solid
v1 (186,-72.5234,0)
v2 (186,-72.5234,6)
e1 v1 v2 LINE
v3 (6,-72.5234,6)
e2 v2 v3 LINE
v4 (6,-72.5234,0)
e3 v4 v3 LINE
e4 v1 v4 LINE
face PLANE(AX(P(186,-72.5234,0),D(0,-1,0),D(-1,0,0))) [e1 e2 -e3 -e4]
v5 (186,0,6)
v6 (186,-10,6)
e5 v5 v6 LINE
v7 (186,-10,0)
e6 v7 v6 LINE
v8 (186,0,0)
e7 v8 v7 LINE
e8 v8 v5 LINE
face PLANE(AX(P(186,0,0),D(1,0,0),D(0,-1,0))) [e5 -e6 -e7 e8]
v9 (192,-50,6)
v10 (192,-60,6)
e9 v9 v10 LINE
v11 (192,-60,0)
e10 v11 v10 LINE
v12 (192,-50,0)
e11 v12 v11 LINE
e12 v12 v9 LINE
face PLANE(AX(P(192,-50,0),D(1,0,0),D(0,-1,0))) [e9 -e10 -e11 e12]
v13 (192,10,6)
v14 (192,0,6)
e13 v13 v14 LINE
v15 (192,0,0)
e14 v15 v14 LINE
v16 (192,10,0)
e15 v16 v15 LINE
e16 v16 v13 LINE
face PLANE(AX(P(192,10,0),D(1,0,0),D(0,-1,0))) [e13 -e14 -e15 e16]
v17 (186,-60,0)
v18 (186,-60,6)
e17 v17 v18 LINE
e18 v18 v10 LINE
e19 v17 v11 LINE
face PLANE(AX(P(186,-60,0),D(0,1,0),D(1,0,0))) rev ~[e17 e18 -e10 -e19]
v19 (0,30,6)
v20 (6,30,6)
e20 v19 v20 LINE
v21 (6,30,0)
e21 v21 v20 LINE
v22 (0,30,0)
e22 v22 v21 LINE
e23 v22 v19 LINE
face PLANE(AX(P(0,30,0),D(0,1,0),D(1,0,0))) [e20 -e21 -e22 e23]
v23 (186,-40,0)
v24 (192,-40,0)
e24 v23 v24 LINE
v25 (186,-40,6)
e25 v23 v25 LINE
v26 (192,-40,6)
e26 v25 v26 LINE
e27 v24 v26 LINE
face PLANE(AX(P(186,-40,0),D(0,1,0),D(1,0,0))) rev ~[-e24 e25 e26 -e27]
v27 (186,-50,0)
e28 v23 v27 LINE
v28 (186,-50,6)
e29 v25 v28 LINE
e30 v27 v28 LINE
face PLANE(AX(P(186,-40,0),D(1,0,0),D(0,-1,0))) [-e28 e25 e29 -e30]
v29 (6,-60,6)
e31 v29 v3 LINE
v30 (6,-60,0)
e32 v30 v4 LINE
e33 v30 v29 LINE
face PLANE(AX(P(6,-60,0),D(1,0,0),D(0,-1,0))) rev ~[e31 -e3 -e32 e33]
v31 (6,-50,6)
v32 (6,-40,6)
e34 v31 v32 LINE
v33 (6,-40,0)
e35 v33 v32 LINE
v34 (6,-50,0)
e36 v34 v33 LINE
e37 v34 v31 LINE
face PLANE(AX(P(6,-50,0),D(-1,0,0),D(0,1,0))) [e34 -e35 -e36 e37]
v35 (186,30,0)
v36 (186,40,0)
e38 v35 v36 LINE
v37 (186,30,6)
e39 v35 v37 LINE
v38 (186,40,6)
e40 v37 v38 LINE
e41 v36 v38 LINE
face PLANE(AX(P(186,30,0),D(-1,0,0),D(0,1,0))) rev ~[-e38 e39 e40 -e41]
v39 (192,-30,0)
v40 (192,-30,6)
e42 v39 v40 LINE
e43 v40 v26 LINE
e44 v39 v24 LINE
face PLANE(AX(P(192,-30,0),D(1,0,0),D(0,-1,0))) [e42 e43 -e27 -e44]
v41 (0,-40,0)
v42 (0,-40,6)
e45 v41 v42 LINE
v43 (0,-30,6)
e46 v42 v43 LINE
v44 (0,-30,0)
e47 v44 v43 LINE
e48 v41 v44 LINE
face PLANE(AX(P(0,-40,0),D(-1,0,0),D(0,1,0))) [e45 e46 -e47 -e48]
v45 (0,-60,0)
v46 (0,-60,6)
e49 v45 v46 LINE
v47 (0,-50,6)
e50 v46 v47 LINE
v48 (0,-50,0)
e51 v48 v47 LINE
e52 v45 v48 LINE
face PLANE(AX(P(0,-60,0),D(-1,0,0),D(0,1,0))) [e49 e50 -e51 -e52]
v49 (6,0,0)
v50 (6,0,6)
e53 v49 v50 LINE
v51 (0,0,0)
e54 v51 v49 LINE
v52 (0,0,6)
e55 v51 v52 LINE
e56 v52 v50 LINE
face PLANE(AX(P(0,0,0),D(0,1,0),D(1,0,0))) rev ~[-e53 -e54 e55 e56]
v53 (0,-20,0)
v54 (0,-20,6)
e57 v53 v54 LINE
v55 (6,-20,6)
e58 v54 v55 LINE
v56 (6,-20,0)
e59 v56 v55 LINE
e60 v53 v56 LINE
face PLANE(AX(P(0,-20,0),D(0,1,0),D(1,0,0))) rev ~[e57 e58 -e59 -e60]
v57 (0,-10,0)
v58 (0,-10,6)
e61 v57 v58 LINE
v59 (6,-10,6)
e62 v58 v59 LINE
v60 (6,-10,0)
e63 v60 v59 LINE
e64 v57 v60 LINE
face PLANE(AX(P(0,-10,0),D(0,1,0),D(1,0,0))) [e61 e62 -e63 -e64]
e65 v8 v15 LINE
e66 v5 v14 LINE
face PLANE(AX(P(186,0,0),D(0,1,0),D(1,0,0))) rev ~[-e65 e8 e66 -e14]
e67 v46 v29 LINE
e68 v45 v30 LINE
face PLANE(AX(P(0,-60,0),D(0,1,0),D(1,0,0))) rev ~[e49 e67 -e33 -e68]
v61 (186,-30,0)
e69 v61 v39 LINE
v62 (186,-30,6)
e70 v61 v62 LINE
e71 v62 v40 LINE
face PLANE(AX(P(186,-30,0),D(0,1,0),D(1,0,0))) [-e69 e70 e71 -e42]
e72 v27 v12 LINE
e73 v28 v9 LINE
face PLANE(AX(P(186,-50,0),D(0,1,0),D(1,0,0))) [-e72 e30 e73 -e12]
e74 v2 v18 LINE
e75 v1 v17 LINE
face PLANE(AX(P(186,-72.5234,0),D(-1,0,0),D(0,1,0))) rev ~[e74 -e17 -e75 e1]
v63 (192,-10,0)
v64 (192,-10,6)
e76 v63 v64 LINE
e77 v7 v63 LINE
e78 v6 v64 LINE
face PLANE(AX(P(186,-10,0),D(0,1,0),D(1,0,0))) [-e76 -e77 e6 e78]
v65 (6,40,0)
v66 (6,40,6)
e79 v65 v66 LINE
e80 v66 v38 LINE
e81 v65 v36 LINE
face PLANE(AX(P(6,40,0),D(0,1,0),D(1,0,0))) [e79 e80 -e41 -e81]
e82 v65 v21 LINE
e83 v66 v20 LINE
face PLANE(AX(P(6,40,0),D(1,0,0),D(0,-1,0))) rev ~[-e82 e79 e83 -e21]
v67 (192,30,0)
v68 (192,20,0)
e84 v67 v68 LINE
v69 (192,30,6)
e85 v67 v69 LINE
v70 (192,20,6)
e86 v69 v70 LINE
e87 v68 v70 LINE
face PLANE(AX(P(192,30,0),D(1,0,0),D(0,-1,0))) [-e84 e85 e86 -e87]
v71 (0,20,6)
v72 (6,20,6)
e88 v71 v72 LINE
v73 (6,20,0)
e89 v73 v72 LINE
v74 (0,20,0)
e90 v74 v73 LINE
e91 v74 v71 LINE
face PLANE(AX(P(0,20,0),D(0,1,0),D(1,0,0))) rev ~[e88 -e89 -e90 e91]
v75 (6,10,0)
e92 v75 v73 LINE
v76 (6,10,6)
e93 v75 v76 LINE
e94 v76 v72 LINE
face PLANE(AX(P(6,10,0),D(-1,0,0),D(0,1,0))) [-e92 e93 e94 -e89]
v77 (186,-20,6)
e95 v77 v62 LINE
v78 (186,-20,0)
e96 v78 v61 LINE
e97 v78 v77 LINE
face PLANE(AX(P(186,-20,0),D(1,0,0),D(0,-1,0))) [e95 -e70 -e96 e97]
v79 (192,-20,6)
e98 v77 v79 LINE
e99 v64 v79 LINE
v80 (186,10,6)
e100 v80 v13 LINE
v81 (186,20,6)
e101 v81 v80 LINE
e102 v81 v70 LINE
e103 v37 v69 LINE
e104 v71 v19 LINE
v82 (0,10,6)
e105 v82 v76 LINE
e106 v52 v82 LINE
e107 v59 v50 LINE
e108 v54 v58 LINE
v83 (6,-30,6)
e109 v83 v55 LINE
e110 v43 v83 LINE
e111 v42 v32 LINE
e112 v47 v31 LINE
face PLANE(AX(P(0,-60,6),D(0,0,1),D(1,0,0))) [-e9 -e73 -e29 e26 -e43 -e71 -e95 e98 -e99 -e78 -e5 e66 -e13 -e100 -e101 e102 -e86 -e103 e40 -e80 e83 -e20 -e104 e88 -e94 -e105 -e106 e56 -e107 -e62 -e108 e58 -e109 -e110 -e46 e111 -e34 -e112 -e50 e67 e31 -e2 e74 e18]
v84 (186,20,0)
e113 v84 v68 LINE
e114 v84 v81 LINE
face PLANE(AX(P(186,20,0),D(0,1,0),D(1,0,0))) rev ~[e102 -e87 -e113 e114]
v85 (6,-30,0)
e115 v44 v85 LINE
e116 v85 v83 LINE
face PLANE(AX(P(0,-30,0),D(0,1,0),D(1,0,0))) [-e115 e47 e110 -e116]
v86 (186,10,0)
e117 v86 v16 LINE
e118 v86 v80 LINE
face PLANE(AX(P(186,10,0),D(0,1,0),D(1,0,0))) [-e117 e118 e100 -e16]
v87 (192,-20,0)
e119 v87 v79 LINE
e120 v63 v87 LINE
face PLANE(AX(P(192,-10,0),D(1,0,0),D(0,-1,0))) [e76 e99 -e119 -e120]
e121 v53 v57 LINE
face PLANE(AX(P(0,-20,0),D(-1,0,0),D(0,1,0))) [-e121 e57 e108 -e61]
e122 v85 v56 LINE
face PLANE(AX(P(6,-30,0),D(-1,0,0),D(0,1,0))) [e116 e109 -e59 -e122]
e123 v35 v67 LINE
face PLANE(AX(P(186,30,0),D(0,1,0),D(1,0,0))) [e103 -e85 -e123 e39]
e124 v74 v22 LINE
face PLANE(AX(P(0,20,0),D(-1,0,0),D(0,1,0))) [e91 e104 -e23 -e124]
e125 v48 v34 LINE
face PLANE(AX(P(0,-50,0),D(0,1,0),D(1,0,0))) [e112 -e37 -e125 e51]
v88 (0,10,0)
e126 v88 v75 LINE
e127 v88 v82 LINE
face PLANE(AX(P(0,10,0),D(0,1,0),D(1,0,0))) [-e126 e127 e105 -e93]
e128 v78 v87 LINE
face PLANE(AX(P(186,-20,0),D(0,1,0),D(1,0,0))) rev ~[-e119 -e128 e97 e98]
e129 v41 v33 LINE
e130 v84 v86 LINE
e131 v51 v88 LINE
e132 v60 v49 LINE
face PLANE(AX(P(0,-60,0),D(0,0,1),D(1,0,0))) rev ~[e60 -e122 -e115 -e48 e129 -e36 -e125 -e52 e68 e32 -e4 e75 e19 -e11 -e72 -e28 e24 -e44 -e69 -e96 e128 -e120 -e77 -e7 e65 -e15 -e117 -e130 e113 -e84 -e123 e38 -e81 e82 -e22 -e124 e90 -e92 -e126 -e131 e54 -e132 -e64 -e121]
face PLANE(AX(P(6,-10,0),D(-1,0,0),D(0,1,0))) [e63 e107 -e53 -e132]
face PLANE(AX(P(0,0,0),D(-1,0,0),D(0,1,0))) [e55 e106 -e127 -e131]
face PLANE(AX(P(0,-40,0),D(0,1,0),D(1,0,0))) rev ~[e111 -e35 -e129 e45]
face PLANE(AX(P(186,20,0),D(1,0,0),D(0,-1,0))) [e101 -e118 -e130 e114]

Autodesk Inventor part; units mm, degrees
ref_plane "YZ Plane" through (0, 0, 0) normal (1, 0, 0) x (0, 1, 0)
ref_plane "XZ Plane" through (0, 0, 0) normal (0, 1, 0) x (-1, 0, 0)
ref_plane "XY Plane" through (0, 0, 0) normal (0, 0, 1) x (1, 0, 0)
ref_plane "РабПлоскость1" through (0, -60, 0) normal (0, 0, 1) x (1, 0, 0)
sketch "Эскиз1" plane through (0, -60, 0) normal (0, 0, 1) x (1, 0, 0)
  line L0 (186, 0) -> (186, 10) projected
  line L1 (186, 0) -> (186, 10) projected
  line L2 (186, 0) -> (192, 0) projected
  line L3 (192, 10) -> (192, 0) projected
  line L4 (186, 10) -> (192, 10) projected
  line L5 (186, 20) -> (186, 30) projected
  line L6 (186, 20) -> (192, 20) projected
  line L7 (192, 30) -> (192, 20) projected
  line L8 (186, 30) -> (192, 30) projected
  line L9 (186, 40) -> (186, 50) projected
  line L10 (186, 40) -> (192, 40) projected
  line L11 (192, 50) -> (192, 40) projected
  line L12 (186, 50) -> (192, 50) projected
  line L13 (186, 60) -> (186, 70) projected
  line L14 (186, 60) -> (192, 60) projected
  line L15 (192, 70) -> (192, 60) projected
  line L16 (186, 70) -> (192, 70) projected
  line L17 (186, 80) -> (186, 90) projected
  line L18 (186, 80) -> (192, 80) projected
  line L19 (192, 90) -> (192, 80) projected
  line L20 (186, 90) -> (192, 90) projected
  line L21 (186, 90) -> (186, 100) projected
  line L22 (186, -12.5234) -> (186, 0) projected
  line L23 (6, 0) -> (6, -12.5234) projected
  line L24 (0, 0) -> (0, 10) projected
  line L25 (0, 0) -> (6, 0) projected
  line L26 (6, 10) -> (6, 0) projected
  line L27 (0, 10) -> (6, 10) projected
  line L28 (0, 20) -> (0, 30) projected
  line L29 (0, 20) -> (6, 20) projected
  line L30 (6, 30) -> (6, 20) projected
  line L31 (0, 30) -> (6, 30) projected
  line L32 (0, 60) -> (0, 70) projected
  line L33 (0, 60) -> (6, 60) projected
  line L34 (6, 70) -> (6, 60) projected
  line L35 (0, 70) -> (6, 70) projected
  line L36 (0, 80) -> (0, 90) projected
  line L37 (0, 80) -> (6, 80) projected
  line L38 (6, 90) -> (6, 80) projected
  line L39 (0, 90) -> (6, 90) projected
  line L40 (6, 100) -> (6, 90) projected
  line L41 (0, 40) -> (0, 50) projected
  line L42 (0, 40) -> (6, 40) projected
  line L43 (6, 50) -> (6, 40) projected
  line L44 (0, 50) -> (6, 50) projected
  line L45 (186, -12.5234) -> (6, -12.5234)
  line L46 (6, -12.5234) -> (6, 100)
  line L47 (6, 100) -> (186, 100)
  line L48 (186, 100) -> (186, -12.5234)
extrude "Выдавливание1" add sketch "Эскиз1" along normal blind 6
properties part number "полуверх 2"
